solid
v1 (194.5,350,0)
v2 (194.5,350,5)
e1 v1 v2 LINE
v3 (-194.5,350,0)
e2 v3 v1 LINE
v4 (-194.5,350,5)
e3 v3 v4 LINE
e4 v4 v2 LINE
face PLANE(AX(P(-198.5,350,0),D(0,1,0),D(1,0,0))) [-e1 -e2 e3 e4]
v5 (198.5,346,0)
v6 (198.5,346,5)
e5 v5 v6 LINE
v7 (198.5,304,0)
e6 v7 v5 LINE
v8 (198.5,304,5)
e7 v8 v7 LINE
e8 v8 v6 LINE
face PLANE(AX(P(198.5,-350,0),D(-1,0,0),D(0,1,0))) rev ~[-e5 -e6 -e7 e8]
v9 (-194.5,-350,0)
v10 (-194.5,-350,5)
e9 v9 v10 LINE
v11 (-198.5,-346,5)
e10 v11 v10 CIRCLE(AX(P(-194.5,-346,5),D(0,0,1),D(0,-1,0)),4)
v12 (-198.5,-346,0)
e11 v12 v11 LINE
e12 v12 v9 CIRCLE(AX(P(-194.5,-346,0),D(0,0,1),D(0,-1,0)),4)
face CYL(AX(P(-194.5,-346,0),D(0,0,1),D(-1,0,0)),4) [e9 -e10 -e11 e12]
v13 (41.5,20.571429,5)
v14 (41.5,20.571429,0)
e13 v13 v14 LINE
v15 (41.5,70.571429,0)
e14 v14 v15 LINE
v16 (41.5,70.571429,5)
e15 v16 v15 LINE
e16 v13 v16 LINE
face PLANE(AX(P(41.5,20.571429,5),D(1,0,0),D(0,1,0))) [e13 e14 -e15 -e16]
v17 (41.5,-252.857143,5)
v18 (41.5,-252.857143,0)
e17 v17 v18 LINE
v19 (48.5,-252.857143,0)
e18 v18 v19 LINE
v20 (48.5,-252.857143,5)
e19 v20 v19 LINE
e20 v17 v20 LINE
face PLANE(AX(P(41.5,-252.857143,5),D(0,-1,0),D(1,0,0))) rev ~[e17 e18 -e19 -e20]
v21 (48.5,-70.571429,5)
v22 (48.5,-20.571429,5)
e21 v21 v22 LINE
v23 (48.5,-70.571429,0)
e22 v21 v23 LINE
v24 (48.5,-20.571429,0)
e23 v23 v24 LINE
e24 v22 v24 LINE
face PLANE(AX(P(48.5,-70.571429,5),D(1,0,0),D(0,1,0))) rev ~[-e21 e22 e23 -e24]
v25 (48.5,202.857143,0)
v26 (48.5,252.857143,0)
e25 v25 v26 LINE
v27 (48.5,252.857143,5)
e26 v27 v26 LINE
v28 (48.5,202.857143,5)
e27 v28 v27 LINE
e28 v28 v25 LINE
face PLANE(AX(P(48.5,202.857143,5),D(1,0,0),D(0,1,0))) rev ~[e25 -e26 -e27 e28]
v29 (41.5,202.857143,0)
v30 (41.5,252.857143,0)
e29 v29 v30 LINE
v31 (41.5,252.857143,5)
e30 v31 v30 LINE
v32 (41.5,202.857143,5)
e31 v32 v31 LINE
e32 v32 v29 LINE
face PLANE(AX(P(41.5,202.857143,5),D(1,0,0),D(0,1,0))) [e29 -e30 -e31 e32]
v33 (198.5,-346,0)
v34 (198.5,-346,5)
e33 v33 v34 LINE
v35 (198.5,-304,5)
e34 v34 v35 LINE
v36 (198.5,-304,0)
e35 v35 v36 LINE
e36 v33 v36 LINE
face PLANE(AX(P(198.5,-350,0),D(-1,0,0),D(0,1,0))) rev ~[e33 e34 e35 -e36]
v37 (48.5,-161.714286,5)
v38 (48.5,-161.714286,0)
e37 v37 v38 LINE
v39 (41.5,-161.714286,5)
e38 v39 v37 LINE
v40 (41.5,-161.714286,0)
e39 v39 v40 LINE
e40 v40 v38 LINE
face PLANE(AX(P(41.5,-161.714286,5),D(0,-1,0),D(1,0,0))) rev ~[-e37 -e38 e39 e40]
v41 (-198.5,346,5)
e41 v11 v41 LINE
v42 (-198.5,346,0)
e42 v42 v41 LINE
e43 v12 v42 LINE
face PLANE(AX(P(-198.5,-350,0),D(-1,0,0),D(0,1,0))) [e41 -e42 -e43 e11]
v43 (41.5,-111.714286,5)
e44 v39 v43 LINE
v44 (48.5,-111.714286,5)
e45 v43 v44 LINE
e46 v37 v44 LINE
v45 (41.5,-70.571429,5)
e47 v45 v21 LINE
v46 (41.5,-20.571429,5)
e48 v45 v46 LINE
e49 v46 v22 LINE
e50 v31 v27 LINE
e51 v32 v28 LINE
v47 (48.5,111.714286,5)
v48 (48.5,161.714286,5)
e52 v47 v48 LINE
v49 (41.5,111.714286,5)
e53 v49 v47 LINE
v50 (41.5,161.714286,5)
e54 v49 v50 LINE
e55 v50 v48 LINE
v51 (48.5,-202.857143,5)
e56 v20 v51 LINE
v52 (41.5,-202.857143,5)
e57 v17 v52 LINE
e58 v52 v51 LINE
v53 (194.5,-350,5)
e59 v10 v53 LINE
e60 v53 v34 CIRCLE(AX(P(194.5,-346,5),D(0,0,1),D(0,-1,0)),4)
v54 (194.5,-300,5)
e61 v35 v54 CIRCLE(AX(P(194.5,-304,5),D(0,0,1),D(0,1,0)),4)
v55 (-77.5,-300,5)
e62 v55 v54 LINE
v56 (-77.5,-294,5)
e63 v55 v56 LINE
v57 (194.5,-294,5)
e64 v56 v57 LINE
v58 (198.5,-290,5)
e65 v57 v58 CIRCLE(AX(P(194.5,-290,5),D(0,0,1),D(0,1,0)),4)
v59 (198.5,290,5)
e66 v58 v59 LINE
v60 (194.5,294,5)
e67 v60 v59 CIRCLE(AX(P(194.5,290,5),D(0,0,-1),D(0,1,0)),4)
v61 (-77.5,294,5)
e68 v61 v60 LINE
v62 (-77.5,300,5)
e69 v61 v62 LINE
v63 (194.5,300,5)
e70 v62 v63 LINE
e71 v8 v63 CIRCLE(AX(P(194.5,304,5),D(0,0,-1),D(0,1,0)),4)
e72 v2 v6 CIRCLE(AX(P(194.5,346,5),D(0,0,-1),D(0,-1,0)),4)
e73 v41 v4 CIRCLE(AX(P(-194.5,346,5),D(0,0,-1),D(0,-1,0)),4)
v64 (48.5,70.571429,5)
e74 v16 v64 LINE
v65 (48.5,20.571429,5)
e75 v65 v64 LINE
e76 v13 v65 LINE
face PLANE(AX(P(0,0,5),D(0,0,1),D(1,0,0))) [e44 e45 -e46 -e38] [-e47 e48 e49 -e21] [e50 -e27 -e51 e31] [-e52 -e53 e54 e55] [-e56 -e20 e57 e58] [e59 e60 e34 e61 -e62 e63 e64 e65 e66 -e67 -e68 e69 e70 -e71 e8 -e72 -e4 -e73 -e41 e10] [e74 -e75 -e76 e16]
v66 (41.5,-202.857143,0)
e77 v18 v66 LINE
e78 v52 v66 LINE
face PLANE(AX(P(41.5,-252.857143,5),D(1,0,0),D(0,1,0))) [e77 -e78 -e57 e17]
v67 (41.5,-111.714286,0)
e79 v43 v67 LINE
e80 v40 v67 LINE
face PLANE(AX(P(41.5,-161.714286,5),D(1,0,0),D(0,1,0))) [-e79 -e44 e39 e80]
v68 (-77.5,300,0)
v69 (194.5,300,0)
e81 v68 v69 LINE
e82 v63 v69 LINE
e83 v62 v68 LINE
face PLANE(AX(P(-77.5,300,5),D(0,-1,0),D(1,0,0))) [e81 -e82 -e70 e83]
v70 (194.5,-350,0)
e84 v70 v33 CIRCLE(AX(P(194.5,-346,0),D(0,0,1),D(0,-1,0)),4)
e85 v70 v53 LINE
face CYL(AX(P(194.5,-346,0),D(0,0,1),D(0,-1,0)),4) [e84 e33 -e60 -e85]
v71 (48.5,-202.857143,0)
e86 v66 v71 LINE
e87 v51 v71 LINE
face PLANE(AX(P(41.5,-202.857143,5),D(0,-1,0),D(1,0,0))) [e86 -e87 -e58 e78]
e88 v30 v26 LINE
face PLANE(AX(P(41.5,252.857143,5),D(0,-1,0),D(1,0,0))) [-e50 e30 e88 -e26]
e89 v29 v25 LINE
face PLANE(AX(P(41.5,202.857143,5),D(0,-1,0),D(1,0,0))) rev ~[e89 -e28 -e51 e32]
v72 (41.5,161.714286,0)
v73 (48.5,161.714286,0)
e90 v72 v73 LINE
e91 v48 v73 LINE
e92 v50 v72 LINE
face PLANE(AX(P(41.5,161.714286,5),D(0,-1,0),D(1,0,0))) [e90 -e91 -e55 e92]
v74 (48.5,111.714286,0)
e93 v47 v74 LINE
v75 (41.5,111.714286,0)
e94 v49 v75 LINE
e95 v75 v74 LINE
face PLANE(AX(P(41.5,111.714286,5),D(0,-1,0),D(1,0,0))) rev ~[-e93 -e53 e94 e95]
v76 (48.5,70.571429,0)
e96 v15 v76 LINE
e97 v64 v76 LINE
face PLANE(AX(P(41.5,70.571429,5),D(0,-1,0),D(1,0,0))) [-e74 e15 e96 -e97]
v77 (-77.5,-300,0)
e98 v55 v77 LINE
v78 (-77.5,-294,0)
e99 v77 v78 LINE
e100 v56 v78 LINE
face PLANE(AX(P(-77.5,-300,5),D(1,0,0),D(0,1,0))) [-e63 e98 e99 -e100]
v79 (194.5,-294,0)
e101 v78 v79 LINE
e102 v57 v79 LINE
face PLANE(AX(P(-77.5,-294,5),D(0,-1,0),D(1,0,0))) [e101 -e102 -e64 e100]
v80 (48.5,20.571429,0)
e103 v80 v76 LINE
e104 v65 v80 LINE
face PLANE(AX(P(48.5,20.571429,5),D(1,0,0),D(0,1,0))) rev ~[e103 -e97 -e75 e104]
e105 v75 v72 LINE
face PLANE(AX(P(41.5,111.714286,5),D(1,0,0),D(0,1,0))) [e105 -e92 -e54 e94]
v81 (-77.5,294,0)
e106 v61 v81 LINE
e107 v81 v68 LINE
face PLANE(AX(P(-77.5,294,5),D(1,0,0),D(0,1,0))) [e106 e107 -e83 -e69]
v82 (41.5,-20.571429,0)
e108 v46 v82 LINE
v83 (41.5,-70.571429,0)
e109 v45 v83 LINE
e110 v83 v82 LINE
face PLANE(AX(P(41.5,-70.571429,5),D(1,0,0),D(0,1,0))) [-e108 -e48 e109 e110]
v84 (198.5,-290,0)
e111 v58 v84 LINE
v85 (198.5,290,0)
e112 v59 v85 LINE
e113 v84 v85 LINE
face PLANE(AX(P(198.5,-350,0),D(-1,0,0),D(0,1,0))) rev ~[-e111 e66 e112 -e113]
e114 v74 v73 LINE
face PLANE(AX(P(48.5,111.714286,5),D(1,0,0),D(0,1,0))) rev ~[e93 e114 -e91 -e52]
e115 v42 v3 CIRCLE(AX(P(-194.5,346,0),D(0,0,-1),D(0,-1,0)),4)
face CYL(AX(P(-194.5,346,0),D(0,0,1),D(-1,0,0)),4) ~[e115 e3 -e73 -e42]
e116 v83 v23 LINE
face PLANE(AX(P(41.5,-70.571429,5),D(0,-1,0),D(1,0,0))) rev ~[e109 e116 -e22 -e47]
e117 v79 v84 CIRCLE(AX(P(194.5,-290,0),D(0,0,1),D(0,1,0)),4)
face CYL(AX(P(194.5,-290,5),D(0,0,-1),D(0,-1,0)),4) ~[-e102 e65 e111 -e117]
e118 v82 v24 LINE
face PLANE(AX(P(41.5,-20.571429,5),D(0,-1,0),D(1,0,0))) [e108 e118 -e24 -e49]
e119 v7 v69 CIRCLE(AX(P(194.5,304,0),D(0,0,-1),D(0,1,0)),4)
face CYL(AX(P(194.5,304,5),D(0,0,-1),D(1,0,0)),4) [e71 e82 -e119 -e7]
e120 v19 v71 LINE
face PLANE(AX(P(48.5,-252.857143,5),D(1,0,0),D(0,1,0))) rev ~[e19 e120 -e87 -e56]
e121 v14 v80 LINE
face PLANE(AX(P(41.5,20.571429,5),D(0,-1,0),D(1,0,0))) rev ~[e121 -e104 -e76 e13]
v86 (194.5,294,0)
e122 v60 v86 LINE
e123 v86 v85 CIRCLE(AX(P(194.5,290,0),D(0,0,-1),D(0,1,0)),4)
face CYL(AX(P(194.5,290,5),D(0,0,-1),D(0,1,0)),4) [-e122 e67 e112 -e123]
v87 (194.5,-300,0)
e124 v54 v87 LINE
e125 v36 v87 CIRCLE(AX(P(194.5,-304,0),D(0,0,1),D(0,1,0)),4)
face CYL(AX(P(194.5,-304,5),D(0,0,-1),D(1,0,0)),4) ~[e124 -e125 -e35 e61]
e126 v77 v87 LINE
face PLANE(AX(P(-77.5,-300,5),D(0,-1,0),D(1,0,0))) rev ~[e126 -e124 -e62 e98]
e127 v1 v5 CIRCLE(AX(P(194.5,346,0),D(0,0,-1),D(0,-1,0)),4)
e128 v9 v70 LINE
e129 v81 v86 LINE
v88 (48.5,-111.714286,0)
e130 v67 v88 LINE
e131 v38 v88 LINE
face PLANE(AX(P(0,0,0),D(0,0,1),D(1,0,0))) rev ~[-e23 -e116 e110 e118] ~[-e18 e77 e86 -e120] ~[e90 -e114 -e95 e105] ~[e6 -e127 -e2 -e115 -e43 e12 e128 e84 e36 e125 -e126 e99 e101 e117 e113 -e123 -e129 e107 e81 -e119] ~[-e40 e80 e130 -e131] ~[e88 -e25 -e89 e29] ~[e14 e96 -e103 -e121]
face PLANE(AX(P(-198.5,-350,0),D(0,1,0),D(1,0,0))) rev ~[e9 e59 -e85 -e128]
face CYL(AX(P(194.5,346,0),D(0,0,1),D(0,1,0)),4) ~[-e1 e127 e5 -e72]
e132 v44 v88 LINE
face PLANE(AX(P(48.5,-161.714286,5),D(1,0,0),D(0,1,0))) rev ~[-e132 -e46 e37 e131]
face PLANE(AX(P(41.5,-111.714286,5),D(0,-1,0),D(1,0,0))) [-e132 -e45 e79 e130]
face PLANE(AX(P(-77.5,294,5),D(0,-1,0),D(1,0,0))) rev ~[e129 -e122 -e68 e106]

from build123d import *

# Parameters (mm, degrees)
F0_W     = 397
F0_H     = 700
F1_DEPTH = 5
F2_W     = 276
F2_H     = 6
F3_DEPTH = 25
F4_W     = 7
F4_H     = 50
F5_DEPTH = 25
F6_R     = 4


with BuildPart() as f1:
    # F0 (on Top) → F1 (new body)
    with BuildSketch(Plane.XY):
        Rectangle(F0_W, F0_H)
    extrude(amount=F1_DEPTH)

    # F2 (on face) → F3 (cut)
    with BuildSketch(Plane.XY.offset(5)):
        with Locations((60.5, -297)):
            Rectangle(F2_W, F2_H)
        with Locations((60.5, 297)):
            Rectangle(F2_W, F2_H)
    extrude(amount=-F3_DEPTH, mode=Mode.SUBTRACT)

    # F4 (on face) → F5 (cut)
    with BuildSketch(Plane.XY.offset(5)):
        with Locations((45, 45.5714285714)):
            Rectangle(F4_W, F4_H)
        with Locations((45, 136.7142857143)):
            Rectangle(F4_W, F4_H)
        with Locations((45, 227.8571428571)):
            Rectangle(F4_W, F4_H)
        with Locations((45, -45.5714285714)):
            Rectangle(F4_W, F4_H)
        with Locations((45, -136.7142857143)):
            Rectangle(F4_W, F4_H)
        with Locations((45, -227.8571428571)):
            Rectangle(F4_W, F4_H)
    extrude(amount=-F5_DEPTH, mode=Mode.SUBTRACT)

    # F6
    f6_edges = [f1.edges().sort_by_distance(p)[0] for p in [
        (-198.5, -350, 2.5),
        (198.5, -350, 2.5),
        (198.5, -300, 2.5),
        (198.5, -294, 2.5),
        (198.5, 294, 2.5),
        (198.5, 300, 2.5),
        (198.5, 350, 2.5),
        (-198.5, 350, 2.5),
    ]]
    fillet(f6_edges, radius=F6_R)


solid = f1.part
